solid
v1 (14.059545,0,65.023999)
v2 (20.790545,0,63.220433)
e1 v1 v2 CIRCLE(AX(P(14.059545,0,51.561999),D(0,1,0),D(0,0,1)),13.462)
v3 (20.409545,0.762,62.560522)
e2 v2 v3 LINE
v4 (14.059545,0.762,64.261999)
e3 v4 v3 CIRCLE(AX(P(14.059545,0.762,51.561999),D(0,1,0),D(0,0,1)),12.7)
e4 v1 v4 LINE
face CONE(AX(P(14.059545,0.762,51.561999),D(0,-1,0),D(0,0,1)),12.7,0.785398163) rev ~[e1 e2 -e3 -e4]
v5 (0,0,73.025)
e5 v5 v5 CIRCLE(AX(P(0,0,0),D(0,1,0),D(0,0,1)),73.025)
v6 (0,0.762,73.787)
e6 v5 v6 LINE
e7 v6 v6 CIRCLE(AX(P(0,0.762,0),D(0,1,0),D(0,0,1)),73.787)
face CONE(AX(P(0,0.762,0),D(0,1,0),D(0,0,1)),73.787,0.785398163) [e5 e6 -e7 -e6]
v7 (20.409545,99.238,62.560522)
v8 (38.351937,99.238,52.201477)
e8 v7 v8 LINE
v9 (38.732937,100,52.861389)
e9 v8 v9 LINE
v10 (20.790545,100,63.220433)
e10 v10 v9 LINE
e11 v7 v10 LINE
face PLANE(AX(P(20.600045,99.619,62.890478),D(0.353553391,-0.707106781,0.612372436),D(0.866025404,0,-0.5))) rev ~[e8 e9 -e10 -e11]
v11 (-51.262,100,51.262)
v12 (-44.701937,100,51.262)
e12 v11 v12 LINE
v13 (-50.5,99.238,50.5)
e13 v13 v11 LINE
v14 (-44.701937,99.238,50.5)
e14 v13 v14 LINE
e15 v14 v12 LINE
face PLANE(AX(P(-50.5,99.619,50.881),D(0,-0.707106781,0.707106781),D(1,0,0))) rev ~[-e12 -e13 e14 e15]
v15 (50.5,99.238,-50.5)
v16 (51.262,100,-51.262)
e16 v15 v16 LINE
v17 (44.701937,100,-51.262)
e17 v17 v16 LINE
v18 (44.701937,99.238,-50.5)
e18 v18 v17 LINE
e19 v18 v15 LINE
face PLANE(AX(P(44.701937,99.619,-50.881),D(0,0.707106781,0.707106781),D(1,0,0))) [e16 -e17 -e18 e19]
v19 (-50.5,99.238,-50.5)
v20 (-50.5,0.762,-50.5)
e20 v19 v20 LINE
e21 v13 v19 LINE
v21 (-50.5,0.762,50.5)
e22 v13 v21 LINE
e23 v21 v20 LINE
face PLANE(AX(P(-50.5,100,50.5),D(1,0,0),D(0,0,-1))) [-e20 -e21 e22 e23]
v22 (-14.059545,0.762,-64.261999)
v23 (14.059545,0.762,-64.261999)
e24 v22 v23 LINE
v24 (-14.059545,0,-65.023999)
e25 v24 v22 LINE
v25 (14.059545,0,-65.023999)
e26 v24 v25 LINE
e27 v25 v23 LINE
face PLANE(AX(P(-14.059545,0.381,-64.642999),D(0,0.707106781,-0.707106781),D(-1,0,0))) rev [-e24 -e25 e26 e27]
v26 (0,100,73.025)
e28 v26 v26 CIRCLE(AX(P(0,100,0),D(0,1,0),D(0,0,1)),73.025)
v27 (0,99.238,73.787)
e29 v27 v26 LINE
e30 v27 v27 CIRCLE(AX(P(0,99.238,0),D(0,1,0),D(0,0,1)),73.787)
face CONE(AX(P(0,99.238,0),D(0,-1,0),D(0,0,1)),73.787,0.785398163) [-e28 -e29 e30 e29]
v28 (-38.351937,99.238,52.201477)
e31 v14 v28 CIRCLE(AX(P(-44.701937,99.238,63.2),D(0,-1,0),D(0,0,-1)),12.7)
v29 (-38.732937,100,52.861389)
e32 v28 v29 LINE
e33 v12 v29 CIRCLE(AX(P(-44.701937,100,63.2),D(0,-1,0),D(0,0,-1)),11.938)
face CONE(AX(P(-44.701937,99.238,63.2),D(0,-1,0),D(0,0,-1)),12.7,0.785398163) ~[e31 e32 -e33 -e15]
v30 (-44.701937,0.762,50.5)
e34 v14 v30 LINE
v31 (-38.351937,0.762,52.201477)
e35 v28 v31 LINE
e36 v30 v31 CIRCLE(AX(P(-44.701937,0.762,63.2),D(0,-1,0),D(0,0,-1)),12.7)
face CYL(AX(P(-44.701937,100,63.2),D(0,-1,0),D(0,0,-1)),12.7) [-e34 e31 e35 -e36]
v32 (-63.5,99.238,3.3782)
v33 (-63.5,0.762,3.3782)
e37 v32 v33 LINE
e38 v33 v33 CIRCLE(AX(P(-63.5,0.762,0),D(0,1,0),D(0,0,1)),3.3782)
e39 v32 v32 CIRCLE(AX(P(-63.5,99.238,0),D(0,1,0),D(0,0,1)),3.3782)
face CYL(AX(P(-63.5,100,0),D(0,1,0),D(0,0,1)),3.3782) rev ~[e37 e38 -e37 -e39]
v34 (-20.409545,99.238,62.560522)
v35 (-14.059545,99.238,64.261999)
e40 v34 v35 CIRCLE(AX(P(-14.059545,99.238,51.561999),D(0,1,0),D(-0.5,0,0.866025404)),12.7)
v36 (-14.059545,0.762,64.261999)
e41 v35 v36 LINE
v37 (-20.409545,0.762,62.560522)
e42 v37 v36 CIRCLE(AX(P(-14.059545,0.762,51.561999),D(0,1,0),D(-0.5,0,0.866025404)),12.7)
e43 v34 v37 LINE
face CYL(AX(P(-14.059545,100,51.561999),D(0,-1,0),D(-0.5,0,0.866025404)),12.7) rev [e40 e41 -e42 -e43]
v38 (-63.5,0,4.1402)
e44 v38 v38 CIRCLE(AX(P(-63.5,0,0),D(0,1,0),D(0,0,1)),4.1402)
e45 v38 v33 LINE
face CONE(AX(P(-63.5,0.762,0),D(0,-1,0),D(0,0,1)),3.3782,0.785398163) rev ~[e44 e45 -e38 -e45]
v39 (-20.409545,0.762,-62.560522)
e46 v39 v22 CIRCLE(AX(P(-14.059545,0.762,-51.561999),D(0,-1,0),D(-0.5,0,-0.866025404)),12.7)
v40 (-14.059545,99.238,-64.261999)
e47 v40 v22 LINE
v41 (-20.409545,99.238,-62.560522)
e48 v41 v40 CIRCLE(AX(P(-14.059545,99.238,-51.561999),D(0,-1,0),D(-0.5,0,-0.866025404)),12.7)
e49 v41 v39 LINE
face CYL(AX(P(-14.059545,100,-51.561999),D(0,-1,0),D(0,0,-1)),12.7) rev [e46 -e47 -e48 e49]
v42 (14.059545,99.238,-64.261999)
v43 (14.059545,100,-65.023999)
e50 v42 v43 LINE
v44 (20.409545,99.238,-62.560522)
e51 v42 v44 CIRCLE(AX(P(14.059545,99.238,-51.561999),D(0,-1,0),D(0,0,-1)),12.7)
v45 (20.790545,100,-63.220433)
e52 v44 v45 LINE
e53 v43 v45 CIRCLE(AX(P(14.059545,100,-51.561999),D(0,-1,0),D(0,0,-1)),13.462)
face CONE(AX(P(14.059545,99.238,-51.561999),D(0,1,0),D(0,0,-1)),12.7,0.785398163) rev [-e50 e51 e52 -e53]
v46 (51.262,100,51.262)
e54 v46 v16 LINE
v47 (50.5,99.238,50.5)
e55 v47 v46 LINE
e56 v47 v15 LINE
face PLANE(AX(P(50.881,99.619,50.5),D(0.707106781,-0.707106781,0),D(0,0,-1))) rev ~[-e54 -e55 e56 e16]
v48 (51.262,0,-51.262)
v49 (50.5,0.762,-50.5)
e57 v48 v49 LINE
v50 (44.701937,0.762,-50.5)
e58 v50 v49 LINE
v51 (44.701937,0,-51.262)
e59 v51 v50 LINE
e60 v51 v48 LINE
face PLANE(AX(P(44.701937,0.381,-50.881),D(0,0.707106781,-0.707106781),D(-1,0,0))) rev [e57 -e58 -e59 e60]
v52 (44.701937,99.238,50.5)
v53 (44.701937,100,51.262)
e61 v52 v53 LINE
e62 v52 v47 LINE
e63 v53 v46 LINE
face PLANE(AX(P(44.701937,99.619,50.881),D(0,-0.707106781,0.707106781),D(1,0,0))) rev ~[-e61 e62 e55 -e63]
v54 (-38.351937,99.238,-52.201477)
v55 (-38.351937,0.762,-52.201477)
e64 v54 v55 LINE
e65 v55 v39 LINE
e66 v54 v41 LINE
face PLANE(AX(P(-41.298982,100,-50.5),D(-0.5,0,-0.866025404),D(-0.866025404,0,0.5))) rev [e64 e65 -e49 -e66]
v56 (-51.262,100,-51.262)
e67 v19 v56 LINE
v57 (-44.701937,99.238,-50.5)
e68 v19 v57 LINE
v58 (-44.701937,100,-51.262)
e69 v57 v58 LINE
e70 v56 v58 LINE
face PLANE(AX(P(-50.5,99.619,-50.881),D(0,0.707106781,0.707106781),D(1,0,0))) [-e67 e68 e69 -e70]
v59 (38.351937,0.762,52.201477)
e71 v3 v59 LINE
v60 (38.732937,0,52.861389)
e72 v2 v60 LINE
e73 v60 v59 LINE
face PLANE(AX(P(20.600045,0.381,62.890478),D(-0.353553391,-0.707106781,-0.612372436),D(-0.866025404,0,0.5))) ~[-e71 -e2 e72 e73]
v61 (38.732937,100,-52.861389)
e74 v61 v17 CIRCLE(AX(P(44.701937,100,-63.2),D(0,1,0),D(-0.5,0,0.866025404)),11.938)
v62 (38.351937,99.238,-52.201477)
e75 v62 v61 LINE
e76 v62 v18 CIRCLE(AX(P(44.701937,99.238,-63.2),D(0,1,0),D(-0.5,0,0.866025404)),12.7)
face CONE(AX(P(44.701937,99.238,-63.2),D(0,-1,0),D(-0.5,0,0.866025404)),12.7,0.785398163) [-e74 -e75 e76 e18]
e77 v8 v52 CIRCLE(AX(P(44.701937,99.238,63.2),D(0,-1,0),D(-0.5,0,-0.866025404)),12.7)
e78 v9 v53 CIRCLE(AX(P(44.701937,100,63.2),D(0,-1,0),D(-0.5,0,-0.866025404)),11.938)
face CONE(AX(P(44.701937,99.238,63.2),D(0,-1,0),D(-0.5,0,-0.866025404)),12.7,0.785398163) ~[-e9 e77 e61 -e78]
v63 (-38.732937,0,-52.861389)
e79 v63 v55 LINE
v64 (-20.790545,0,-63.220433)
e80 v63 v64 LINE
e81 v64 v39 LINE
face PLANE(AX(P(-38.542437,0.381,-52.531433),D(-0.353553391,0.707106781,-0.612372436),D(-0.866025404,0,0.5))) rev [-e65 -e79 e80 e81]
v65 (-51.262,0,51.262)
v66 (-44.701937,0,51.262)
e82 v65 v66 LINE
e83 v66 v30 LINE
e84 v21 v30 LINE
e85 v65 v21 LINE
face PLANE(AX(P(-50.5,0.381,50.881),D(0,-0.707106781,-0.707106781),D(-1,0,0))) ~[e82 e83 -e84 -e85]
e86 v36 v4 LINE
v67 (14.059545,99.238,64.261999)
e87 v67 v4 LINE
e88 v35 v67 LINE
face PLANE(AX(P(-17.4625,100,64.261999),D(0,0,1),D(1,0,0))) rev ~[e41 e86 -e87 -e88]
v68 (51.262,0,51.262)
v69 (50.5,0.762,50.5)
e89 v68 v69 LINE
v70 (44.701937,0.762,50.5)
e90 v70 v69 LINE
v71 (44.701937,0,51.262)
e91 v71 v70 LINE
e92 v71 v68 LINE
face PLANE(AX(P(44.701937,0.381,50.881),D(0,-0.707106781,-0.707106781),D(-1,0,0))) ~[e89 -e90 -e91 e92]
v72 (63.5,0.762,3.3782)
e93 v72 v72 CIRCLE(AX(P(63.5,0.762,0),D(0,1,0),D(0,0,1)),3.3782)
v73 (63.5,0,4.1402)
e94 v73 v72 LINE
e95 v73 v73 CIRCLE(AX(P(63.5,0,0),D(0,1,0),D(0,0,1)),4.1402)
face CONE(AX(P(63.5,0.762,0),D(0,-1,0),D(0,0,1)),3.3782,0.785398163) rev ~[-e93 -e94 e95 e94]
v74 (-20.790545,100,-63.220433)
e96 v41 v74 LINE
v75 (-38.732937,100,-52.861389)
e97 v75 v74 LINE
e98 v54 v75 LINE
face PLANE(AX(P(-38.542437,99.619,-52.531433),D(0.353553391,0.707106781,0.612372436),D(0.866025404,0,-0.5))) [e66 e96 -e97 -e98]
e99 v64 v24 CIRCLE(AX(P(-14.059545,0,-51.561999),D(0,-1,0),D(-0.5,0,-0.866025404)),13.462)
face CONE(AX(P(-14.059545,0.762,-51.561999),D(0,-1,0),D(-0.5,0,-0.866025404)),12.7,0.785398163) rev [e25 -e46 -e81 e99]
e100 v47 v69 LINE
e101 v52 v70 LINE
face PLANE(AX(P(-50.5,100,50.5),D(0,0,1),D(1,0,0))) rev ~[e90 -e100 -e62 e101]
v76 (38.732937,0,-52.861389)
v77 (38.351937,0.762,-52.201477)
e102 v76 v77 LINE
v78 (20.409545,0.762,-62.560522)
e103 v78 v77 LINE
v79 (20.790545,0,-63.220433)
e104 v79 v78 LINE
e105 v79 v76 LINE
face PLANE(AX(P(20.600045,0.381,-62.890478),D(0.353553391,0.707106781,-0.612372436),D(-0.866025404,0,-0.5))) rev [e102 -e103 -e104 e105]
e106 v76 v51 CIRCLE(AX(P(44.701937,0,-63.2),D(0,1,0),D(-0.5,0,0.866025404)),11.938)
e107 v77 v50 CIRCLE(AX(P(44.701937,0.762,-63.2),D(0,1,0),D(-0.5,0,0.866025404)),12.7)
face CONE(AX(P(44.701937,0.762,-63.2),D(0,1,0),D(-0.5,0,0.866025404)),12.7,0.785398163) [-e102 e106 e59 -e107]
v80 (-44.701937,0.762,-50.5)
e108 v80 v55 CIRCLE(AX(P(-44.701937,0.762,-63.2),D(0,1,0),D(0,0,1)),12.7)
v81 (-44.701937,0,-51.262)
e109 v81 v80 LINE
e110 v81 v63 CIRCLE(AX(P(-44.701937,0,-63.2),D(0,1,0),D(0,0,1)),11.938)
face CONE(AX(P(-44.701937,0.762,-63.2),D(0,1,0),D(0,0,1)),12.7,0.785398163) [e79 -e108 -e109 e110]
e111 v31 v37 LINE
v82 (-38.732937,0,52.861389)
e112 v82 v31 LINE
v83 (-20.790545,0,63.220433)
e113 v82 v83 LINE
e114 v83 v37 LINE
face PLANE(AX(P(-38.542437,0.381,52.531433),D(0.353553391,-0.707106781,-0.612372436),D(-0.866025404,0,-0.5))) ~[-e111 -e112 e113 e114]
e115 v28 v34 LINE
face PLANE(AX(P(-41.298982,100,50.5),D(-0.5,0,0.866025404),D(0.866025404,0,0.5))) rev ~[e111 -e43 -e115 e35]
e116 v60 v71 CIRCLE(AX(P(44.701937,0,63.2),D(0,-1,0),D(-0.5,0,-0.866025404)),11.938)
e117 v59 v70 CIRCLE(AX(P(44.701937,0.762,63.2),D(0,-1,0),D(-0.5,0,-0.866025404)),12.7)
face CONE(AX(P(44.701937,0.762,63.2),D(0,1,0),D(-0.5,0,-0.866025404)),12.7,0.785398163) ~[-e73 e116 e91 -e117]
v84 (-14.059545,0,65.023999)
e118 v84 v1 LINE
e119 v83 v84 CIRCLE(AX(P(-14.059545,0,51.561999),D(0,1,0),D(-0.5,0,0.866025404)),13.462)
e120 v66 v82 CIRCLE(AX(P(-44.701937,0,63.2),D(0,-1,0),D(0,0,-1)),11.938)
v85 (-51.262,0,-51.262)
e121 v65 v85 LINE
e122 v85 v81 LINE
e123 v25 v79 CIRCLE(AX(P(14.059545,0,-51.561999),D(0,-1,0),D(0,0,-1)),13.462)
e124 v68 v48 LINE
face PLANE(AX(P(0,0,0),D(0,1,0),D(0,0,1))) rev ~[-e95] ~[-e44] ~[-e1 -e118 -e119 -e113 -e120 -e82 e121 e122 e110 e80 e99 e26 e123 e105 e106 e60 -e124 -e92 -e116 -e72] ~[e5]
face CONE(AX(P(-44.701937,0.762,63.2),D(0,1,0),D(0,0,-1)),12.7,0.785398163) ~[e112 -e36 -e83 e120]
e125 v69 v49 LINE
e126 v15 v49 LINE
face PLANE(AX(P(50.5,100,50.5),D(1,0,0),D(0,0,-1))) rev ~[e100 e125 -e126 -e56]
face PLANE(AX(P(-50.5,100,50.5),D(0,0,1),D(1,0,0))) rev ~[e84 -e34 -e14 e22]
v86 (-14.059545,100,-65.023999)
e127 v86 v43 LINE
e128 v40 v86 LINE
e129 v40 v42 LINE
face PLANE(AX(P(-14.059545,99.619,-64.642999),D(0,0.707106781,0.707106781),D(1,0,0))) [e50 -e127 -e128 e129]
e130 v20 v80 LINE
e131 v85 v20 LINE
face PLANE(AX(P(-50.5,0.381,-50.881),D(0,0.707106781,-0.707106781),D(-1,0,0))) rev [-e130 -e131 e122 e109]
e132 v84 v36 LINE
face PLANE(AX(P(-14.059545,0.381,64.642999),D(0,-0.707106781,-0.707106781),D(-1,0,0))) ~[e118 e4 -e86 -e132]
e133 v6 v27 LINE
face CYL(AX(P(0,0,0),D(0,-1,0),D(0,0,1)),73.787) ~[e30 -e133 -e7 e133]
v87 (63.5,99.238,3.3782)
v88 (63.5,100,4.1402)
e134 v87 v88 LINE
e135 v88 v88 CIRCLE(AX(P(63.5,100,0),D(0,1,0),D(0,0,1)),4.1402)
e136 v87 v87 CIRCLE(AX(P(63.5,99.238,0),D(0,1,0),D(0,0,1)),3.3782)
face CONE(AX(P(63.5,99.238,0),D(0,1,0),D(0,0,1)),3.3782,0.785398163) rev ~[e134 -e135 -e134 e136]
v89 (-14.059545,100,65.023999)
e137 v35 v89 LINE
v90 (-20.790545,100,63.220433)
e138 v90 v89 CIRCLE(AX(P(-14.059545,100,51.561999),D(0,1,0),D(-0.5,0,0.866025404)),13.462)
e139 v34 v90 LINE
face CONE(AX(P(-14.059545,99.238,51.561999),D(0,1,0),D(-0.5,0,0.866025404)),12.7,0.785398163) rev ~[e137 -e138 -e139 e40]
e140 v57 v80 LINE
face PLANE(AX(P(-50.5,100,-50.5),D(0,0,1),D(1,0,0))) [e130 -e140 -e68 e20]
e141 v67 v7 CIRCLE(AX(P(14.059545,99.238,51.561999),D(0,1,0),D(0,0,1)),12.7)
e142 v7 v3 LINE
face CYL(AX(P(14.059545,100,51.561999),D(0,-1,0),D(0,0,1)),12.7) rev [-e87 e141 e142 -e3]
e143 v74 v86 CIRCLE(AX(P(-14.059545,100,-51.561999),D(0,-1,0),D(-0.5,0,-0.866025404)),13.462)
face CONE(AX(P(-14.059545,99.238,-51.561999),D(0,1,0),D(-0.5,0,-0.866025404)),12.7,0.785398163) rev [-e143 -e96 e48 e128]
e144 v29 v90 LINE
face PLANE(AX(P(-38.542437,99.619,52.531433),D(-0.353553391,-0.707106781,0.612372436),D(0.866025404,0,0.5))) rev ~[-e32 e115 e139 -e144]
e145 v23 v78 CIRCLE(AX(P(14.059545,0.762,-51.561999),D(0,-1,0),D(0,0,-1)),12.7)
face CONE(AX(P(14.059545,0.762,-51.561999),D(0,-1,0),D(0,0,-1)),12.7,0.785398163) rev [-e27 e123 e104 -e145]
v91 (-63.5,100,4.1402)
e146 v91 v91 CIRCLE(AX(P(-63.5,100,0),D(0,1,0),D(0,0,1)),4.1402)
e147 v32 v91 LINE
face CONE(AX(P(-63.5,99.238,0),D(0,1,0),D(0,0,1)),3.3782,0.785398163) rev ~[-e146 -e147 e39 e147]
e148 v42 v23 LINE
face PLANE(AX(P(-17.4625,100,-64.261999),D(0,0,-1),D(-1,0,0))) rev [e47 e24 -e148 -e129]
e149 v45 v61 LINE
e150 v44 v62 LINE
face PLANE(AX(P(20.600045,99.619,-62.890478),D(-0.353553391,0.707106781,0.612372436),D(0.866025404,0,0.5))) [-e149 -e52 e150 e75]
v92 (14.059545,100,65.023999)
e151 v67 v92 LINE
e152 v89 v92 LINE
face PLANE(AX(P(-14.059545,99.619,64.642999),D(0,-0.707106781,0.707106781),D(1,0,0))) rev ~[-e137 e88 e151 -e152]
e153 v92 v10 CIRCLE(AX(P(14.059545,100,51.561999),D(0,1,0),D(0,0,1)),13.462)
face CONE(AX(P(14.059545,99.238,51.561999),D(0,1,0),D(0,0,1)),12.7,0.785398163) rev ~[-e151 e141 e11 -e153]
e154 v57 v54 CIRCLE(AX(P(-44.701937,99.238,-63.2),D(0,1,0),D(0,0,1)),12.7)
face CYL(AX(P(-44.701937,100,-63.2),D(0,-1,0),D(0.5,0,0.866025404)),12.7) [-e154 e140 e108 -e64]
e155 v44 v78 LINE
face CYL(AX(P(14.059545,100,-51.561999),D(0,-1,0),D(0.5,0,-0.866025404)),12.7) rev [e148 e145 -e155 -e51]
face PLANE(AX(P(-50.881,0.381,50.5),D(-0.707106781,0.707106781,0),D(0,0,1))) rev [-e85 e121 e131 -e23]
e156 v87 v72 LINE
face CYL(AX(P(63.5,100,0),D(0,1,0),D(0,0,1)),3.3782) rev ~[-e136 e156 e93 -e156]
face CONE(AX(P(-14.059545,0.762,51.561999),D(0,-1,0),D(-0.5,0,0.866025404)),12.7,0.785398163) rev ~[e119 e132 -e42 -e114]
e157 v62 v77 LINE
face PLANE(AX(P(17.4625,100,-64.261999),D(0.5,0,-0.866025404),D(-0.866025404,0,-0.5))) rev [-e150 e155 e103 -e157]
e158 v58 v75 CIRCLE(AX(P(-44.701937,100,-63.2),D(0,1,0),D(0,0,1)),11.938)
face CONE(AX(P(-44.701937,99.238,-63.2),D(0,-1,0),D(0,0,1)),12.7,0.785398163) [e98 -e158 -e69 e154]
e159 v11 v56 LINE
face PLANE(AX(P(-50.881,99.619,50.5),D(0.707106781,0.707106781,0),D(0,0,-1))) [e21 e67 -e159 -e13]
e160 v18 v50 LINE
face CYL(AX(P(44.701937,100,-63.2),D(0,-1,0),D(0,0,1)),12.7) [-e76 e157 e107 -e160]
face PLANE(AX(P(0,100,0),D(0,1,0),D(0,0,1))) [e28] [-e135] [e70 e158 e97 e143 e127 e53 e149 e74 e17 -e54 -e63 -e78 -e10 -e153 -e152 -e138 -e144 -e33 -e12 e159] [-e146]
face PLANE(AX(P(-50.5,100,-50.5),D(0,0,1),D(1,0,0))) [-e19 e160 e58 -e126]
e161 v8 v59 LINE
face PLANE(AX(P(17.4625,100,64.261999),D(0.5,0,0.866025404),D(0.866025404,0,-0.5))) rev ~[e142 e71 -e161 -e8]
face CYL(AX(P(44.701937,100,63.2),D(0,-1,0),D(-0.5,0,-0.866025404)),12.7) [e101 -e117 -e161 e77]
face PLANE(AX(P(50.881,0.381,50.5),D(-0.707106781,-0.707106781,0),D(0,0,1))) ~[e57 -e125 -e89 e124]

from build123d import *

# Parameters (mm, degrees)
HOLDER_SECTION_PROFILE_R    = 73.787
HOLDER_SECTION_BODY_DEPTH   = 100
PAYLOAD_HOLE_PROFILE_W      = 101
PAYLOAD_HOLE_PROFILE_H      = 101
PAYLOAD_HOLE_CUT_DEPTH      = 145.530421497
ACCESS_HOLE_CUT_DEPTH       = 145.530421497
FILLET1_R                   = 12.7
THREADED_ROD_HOLE_PROFILE_R = 3.3782
THREADED_ROD_HOLE_CUT_DEPTH = 145.530421497
CHAMFER1_SIZE               = 0.762


with BuildPart() as part:
    # Holder Section Profile → Holder Section Body (new body)
    with BuildSketch(Plane(origin=(0, 0, 0), x_dir=(1, 0, 0), z_dir=(0, 1, 0))):
        with Locations(Location((0, 0, 0), (0, 0, 270))):
            Circle(HOLDER_SECTION_PROFILE_R)
    extrude(amount=HOLDER_SECTION_BODY_DEPTH)

    # Payload Hole Profile → Payload Hole Cut (cut, through all)
    with BuildSketch(Plane(origin=(0, 100, 0), x_dir=(1, 0, 0), z_dir=(0, 1, 0))):
        Rectangle(PAYLOAD_HOLE_PROFILE_W, PAYLOAD_HOLE_PROFILE_H)
    extrude(amount=-PAYLOAD_HOLE_CUT_DEPTH, mode=Mode.SUBTRACT)

    # Access Hole Profile → Access Hole Cut (cut, through all)
    with BuildSketch(Plane(origin=(0, 100, 0), x_dir=(1, 0, 0), z_dir=(0, 1, 0))):
        Polygon((-17.4625, -64.2619994), (17.4625, -64.2619994), (41.298982175, -50.5), (-41.298982175, -50.5), align=None)
    access_hole_cut = extrude(amount=-ACCESS_HOLE_CUT_DEPTH, mode=Mode.SUBTRACT)

    # Access Hole Mirror: Access Hole Cut across plane
    add(access_hole_cut.mirror(Plane(origin=(0, 0, 0), x_dir=(1, 0, 0), z_dir=(0, 0, -1))), mode=Mode.SUBTRACT)

    # Fillet1
    fillet1_edges = [part.edges().sort_by_distance(p)[0] for p in [
        (-17.4625, 50, 64.2619994),
        (-41.298982175, 50, 50.5),
        (41.298982175, 50, 50.5),
        (17.4625, 50, 64.2619994),
        (-41.298982175, 50, -50.5),
        (-17.4625, 50, -64.2619994),
        (17.4625, 50, -64.2619994),
        (41.298982175, 50, -50.5),
    ]]
    fillet(fillet1_edges, radius=FILLET1_R)

    # Threaded Rod Hole Profile → Threaded Rod Hole Cut (cut, through all)
    with BuildSketch(Plane(origin=(0, 100, 0), x_dir=(1, 0, 0), z_dir=(0, 1, 0))):
        with Locations(Location((-63.5, 0, 0), (0, 0, 270))):
            Circle(THREADED_ROD_HOLE_PROFILE_R)
        with Locations(Location((63.5, 0, 0), (0, 0, 270))):
            Circle(THREADED_ROD_HOLE_PROFILE_R)
    extrude(amount=-THREADED_ROD_HOLE_CUT_DEPTH, mode=Mode.SUBTRACT)

    # Chamfer1
    chamfer1_edges = [part.edges().sort_by_distance(p)[0] for p in [
        (50.5, 0, 0),
        (-47.600968459, 0, 50.5),
        (-50.5, 0, 0),
        (47.600968459, 0, -50.5),
        (50.5, 100, 0),
        (-63.5, 0, -3.3782),
        (-63.5, 100, -3.3782),
        (63.5, 0, -3.3782),
        (47.600968459, 100, -50.5),
        (63.5, 100, -3.3782),
        (-50.5, 100, 0),
        (-47.600968459, 100, 50.5),
        (0, 0, -73.787),
        (0, 100, -73.787),
        (29.380741087, 100, 57.3809997),
        (29.380741087, 0, 57.3809997),
        (0, 100, 64.2619994),
        (0, 0, 64.2619994),
        (47.600968459, 0, 50.5),
        (47.600968459, 100, 50.5),
        (-47.600968459, 100, -50.5),
        (-29.380741087, 100, -57.3809997),
        (0, 100, -64.2619994),
        (29.380741087, 100, -57.3809997),
        (-29.380741087, 100, 57.3809997),
        (-41.414935046, 100, -50.932742006),
        (41.414935046, 100, -50.932742006),
        (-41.414935046, 100, 50.932742006),
        (41.414935046, 100, 50.932742006),
        (-29.380741087, 0, -57.3809997),
        (-47.600968459, 0, -50.5),
        (-29.380741087, 0, 57.3809997),
        (29.380741087, 0, -57.3809997),
        (0, 0, -64.2619994),
        (-41.414935046, 0, -50.932742006),
        (41.414935046, 0, -50.932742006),
        (-41.414935046, 0, 50.932742006),
        (41.414935046, 0, 50.932742006),
        (17.346547129, 100, 63.829257394),
        (17.346547129, 0, 63.829257394),
        (-17.346547129, 100, 63.829257394),
        (-17.346547129, 0, 63.829257394),
        (17.346547129, 100, -63.829257394),
        (17.346547129, 0, -63.829257394),
        (-17.346547129, 100, -63.829257394),
        (-17.346547129, 0, -63.829257394),
    ]]
    chamfer(chamfer1_edges, length=CHAMFER1_SIZE)


solid = part.part
